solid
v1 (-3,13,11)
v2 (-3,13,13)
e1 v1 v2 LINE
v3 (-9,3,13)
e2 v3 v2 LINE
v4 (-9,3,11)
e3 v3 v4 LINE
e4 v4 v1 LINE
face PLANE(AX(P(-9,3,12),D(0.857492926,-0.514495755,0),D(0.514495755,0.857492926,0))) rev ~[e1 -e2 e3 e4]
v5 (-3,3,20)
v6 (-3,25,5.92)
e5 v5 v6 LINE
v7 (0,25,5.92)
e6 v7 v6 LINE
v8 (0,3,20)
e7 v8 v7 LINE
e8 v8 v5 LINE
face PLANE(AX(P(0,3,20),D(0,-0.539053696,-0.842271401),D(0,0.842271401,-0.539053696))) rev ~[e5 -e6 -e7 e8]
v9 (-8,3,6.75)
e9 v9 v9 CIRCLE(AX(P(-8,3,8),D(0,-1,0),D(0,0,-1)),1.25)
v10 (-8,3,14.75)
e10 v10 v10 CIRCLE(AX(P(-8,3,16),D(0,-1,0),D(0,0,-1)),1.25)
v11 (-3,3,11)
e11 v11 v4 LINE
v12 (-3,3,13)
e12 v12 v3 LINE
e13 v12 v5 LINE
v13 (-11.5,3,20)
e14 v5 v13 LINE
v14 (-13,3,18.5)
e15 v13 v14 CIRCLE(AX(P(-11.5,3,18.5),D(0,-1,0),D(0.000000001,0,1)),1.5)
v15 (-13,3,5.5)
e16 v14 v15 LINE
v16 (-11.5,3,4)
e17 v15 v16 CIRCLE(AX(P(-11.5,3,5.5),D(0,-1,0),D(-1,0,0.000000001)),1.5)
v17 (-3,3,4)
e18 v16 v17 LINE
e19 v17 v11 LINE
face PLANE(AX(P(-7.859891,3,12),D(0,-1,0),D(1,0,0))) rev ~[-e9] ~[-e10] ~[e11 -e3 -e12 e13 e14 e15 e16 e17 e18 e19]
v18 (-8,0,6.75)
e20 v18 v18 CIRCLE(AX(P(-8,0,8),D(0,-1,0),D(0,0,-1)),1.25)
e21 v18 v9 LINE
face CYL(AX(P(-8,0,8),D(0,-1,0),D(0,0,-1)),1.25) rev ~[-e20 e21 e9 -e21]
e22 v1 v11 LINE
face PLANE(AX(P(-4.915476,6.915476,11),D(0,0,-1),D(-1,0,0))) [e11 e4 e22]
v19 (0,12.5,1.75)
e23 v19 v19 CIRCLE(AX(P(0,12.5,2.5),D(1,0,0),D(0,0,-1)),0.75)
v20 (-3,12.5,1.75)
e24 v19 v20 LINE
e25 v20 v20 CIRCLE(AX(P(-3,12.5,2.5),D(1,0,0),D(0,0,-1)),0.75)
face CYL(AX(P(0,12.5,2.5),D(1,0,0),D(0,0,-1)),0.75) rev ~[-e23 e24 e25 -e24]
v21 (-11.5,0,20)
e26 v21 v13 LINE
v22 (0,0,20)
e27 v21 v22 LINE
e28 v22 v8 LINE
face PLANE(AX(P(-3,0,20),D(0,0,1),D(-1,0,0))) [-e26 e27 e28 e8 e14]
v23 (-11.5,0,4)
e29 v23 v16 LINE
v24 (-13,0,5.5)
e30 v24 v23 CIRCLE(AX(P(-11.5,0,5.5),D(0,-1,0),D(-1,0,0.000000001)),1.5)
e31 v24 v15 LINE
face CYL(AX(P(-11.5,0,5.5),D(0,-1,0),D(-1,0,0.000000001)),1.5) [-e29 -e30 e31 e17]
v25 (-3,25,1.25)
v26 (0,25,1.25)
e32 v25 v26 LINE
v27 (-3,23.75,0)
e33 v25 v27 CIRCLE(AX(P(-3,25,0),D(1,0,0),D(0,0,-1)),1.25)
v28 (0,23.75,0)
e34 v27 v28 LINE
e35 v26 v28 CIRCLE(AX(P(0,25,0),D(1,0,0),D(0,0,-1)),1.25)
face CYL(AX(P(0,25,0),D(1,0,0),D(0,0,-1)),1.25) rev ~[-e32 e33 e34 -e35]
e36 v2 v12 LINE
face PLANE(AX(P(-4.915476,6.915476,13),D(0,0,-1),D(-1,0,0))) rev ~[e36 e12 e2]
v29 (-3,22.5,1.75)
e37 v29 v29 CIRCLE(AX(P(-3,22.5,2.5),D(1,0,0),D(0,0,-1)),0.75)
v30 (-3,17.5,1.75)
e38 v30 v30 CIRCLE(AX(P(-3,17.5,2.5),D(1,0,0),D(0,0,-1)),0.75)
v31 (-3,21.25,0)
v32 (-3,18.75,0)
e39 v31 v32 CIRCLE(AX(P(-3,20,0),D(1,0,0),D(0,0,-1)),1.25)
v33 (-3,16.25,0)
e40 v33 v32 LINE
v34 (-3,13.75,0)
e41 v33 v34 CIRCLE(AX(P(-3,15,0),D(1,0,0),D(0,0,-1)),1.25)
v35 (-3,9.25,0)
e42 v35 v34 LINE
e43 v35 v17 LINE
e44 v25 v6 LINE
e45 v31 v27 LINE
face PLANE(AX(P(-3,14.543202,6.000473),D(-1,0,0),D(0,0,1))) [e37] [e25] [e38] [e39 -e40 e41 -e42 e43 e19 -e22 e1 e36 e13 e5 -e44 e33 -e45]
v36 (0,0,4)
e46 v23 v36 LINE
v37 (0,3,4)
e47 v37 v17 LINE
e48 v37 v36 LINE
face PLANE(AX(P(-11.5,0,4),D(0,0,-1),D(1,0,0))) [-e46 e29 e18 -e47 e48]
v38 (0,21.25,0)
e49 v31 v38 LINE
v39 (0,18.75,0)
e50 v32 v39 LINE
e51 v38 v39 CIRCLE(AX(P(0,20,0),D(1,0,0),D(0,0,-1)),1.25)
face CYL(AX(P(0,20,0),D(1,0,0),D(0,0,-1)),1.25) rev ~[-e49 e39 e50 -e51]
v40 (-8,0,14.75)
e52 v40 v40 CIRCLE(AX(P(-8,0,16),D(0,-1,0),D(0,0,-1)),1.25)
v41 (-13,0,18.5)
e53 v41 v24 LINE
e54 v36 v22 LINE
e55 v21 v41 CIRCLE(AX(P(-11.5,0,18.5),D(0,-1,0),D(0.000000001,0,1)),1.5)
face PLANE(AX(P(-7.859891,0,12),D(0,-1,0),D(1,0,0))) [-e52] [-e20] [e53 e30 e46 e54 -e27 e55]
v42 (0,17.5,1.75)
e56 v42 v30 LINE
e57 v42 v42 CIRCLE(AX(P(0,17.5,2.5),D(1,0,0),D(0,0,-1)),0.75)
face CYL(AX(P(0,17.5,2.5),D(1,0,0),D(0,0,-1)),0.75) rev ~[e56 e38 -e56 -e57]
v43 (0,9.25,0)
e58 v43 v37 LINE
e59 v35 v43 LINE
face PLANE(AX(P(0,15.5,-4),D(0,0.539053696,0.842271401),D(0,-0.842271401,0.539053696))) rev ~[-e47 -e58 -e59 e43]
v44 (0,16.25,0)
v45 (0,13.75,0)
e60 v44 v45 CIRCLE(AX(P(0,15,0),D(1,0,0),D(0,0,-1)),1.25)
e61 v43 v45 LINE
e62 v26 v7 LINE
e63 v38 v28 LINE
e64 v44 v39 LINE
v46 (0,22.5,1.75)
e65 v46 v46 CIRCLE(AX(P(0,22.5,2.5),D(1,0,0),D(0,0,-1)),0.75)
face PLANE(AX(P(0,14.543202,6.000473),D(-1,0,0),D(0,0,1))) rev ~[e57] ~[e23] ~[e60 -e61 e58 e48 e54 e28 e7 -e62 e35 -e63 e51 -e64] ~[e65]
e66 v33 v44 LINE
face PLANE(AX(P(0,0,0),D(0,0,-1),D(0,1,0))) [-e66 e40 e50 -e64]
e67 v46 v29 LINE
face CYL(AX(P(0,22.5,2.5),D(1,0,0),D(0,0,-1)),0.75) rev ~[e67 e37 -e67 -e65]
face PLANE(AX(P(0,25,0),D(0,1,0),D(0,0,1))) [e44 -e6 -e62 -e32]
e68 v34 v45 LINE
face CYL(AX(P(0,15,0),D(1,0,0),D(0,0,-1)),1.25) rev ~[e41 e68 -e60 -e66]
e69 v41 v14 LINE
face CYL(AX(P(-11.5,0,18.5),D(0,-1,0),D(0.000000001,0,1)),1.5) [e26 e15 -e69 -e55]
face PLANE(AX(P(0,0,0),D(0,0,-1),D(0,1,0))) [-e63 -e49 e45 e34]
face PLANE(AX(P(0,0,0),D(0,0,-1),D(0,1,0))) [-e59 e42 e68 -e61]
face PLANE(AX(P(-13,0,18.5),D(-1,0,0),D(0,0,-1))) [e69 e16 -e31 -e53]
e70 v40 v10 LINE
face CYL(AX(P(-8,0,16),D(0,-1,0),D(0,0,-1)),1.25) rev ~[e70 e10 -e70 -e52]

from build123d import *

# Parameters (mm, degrees)
SKETCH1_R          = 1.25
EXTRUDE1_DEPTH     = 3
SKETCH2_R          = 1.25
EXTRUDE2_DEPTH     = 3
EXTRUDE4_DEPTH     = 1
CUT_EXTRUDE1_REACH = 15
SKETCH6_R          = 0.75


with BuildPart() as part:
    # Sketch1 → Extrude1 (new body)
    with BuildSketch(Plane(origin=(0, 0, 0), x_dir=(0, 0, -1), z_dir=(1, 0, 0))):
        with BuildLine():
            Line((4, 30), (4, 15.5))
            Line((4, 15.5), (-4, 3))
            Line((-4, 3), (-4, 0))
            Line((-4, 0), (-20, 0))
            Line((-20, 0), (-20, 3))
            Line((-20, 3), (-4, 28))
            Line((-4, 28), (-4, 30))
            ThreePointArc((-4, 30), (0, 34), (4, 30))
        make_face()
        with Locations((0, 15)):
            Circle(SKETCH1_R, mode=Mode.SUBTRACT)
        with Locations((0, 20)):
            Circle(SKETCH1_R, mode=Mode.SUBTRACT)
        with Locations((0, 25)):
            Circle(SKETCH1_R, mode=Mode.SUBTRACT)
        with Locations((0, 30)):
            Circle(SKETCH1_R, mode=Mode.SUBTRACT)
    extrude(amount=-EXTRUDE1_DEPTH)

    # Sketch2 → Extrude2 (add)
    with BuildSketch(Plane.XZ):
        with BuildLine():
            Line((-3, 20), (-11.5, 20))
            ThreePointArc((-11.5, 20), (-12.560660172, 19.560660172), (-13, 18.5))
            Line((-13, 18.5), (-13, 5.5))
            ThreePointArc((-13, 5.5), (-12.560660172, 4.439339828), (-11.5, 4))
            Line((-11.5, 4), (-3, 4))
            Line((-3, 4), (-3, 20))
        make_face()
        with Locations(Location((-8, 16, 0), (0, 0, 270))):  # turned: the seam where the file's is
            Circle(SKETCH2_R, mode=Mode.SUBTRACT)
        with Locations(Location((-8, 8, 0), (0, 0, 270))):  # turned: the seam where the file's is
            Circle(SKETCH2_R, mode=Mode.SUBTRACT)
    extrude(amount=-EXTRUDE2_DEPTH)

    # Sketch5 → Extrude4 (add, symmetric)
    with BuildSketch(Plane.XY.offset(12)):
        Polygon((-3, 3), (-9, 3), (-3, 13), align=None)
    extrude(amount=EXTRUDE4_DEPTH, both=True)

    # Sketch6 → Cut-Extrude1 (cut, up to next)
    with BuildSketch(Plane(origin=(0, 0, 0), x_dir=(0, 0, -1), z_dir=(1, 0, 0)), mode=Mode.PRIVATE) as cut_extrude1_sk1:
        with Locations((-2.5, 12.5)):
            Circle(SKETCH6_R)
    cut_extrude1_tool1 = extrude(cut_extrude1_sk1.sketch, amount=-CUT_EXTRUDE1_REACH, mode=Mode.PRIVATE) & part.part
    add(cut_extrude1_tool1.solids().sort_by_distance((0, 12.5, 2.5))[0], mode=Mode.SUBTRACT)
    # Sketch6 → Cut-Extrude1 (cut, up to next)
    with BuildSketch(Plane(origin=(0, 0, 0), x_dir=(0, 0, -1), z_dir=(1, 0, 0)), mode=Mode.PRIVATE) as cut_extrude1_sk2:
        with Locations((-2.5, 22.5)):
            Circle(SKETCH6_R)
    cut_extrude1_tool2 = extrude(cut_extrude1_sk2.sketch, amount=-CUT_EXTRUDE1_REACH, mode=Mode.PRIVATE) & part.part
    add(cut_extrude1_tool2.solids().sort_by_distance((0, 22.5, 2.5))[0], mode=Mode.SUBTRACT)
    # Sketch6 → Cut-Extrude1 (cut, up to next)
    with BuildSketch(Plane(origin=(0, 0, 0), x_dir=(0, 0, -1), z_dir=(1, 0, 0)), mode=Mode.PRIVATE) as cut_extrude1_sk3:
        with Locations((-2.5, 17.5)):
            Circle(SKETCH6_R)
    cut_extrude1_tool3 = extrude(cut_extrude1_sk3.sketch, amount=-CUT_EXTRUDE1_REACH, mode=Mode.PRIVATE) & part.part
    add(cut_extrude1_tool3.solids().sort_by_distance((0, 17.5, 2.5))[0], mode=Mode.SUBTRACT)
    # Sketch6 → Cut-Extrude1 (cut, up to next)
    with BuildSketch(Plane(origin=(0, 0, 0), x_dir=(0, 0, -1), z_dir=(1, 0, 0)), mode=Mode.PRIVATE) as cut_extrude1_sk4:
        Polygon((0, 0), (0, 25), (-8, 25), (-8, 35), (7, 35), (7, 0), align=None)
    cut_extrude1_tool4 = extrude(cut_extrude1_sk4.sketch, amount=-CUT_EXTRUDE1_REACH, mode=Mode.PRIVATE) & part.part
    add(cut_extrude1_tool4.solids().sort_by_distance((0, 20.576923, -1.653846))[0], mode=Mode.SUBTRACT)


solid = part.part
